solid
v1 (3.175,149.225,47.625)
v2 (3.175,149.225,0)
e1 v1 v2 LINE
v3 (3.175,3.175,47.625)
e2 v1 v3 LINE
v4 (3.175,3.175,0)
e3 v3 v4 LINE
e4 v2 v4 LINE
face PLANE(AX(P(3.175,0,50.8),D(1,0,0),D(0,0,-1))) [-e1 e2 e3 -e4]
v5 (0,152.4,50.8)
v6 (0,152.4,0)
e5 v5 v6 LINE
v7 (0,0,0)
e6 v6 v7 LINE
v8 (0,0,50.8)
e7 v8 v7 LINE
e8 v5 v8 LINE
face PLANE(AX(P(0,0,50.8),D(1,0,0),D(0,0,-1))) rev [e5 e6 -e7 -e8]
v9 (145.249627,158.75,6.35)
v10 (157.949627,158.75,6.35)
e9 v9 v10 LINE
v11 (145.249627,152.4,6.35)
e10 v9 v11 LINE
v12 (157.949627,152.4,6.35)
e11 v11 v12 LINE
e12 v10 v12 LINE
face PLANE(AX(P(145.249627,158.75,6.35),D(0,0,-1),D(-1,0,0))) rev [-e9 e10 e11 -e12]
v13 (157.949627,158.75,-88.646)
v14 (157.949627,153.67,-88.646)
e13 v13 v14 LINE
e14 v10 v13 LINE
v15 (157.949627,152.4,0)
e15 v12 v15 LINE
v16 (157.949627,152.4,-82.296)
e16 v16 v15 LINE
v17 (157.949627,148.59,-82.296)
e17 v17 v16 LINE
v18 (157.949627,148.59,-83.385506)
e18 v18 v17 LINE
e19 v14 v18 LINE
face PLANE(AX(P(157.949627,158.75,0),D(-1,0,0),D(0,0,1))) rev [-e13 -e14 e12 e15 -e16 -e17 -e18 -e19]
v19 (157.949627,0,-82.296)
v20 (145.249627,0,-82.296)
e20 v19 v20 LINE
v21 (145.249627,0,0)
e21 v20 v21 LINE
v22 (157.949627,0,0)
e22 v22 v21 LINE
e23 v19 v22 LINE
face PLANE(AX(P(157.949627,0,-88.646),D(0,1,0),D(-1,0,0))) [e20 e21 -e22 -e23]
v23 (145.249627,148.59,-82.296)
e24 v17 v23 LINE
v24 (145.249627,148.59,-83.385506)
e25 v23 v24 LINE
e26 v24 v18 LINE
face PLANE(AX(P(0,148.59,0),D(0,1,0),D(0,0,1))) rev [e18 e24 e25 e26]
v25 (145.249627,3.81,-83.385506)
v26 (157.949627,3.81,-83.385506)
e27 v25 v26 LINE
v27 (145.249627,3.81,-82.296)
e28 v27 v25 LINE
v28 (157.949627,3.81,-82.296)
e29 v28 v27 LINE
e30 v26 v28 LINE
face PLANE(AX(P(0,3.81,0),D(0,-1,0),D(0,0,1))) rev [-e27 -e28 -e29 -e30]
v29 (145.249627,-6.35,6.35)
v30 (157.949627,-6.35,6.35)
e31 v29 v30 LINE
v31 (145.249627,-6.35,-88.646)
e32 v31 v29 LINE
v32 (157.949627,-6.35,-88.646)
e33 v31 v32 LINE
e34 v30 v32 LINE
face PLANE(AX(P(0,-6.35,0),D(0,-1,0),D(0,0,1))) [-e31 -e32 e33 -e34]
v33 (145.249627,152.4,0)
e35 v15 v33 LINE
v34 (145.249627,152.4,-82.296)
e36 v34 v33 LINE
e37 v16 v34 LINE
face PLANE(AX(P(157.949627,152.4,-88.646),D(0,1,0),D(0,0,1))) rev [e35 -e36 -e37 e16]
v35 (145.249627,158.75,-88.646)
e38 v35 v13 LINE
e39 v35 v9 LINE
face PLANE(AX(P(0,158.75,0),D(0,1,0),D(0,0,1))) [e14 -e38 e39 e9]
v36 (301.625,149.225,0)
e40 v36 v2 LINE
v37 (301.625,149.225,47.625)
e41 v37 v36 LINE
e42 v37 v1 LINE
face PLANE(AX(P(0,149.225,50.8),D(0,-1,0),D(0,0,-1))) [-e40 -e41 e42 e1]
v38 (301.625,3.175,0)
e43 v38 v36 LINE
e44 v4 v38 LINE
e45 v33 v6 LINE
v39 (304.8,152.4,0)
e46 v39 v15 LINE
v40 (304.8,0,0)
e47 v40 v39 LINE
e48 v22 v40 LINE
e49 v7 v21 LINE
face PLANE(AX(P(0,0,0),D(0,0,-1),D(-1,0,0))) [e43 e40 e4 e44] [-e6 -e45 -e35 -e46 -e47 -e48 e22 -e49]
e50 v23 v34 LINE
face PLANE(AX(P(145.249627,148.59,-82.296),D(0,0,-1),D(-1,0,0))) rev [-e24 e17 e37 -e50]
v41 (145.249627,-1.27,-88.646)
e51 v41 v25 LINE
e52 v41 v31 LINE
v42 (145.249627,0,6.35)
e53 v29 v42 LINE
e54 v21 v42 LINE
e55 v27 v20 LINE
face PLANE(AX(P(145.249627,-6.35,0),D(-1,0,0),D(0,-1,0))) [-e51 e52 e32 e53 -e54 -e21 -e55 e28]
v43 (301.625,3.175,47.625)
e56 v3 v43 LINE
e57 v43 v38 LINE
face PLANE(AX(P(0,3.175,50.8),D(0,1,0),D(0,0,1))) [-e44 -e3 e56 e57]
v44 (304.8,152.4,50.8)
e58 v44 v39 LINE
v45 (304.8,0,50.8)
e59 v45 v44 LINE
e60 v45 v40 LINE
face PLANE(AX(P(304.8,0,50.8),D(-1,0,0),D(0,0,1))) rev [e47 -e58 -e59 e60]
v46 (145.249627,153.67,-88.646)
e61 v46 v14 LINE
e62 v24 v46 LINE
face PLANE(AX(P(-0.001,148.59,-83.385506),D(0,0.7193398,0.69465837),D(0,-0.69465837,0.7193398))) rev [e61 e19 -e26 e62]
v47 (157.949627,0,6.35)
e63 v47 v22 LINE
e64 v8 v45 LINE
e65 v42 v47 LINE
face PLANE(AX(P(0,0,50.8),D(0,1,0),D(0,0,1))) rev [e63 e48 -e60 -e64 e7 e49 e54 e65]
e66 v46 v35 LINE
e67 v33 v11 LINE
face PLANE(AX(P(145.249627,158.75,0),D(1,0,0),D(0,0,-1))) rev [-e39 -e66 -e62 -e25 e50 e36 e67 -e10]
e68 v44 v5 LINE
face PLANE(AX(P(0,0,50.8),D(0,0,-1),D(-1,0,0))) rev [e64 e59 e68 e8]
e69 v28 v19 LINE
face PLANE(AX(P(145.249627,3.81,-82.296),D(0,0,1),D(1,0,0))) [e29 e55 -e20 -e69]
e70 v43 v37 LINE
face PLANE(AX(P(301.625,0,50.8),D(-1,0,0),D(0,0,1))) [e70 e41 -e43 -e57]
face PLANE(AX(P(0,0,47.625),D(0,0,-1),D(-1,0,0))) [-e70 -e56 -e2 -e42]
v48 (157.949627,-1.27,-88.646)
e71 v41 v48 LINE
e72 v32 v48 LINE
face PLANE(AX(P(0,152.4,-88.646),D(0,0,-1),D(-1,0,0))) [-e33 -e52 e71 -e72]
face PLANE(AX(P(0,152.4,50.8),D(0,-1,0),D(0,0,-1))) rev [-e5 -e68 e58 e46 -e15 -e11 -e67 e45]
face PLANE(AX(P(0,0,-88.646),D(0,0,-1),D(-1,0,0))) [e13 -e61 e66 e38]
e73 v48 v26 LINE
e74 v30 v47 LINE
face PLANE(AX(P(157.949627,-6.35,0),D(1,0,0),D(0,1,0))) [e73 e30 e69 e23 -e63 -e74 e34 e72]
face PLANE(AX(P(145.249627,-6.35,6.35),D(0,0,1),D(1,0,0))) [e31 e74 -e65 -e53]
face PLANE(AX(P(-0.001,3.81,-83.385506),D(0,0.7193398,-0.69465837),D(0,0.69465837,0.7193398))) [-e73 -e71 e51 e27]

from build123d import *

# Parameters (mm, degrees)
SKETCH1_W           = 304.8
SKETCH1_H           = 152.4
BOSS_EXTRUDE1_DEPTH = 50.8
SHELL1_T            = -3.175
SKETCH3_W           = 12.7
SKETCH3_H           = 6.35
BOSS_EXTRUDE2_DEPTH = 6.35
SKETCH4_W           = 12.7
SKETCH4_H           = 6.35
BOSS_EXTRUDE3_DEPTH = 88.646
SKETCH5_W           = 12.7
SKETCH5_H           = 6.35
BOSS_EXTRUDE4_DEPTH = 3.81
CUT_EXTRUDE1_REACH  = 242.848


with BuildPart() as part:
    # Sketch1 → Boss-Extrude1 (new body)
    with BuildSketch(Plane.XY):
        with Locations((152.4, 76.2)):
            Rectangle(SKETCH1_W, SKETCH1_H)
    extrude(amount=BOSS_EXTRUDE1_DEPTH)

    # Shell1
    shell1_openings = [part.faces().sort_by_distance(p)[0] for p in [
        (152.4, 76.2, 0),
    ]]
    offset(amount=SHELL1_T, openings=shell1_openings, kind=Kind.INTERSECTION)

    # Sketch3 → Boss-Extrude2 (add)
    with BuildSketch(Plane(origin=(0, 152.4, 0), x_dir=(1, 0, 0), z_dir=(0, 1, 0))):
        with Locations((151.599627363, -3.175)):
            Rectangle(SKETCH3_W, SKETCH3_H)
    boss_extrude2 = extrude(amount=BOSS_EXTRUDE2_DEPTH)

    # Sketch4 → Boss-Extrude3 (add)
    with BuildSketch(Plane(origin=(0, 0, 0), x_dir=(-1, 0, 0), z_dir=(0, 0, -1))):
        with Locations((-151.599627363, 155.575)):
            Rectangle(SKETCH4_W, SKETCH4_H)
    boss_extrude3 = extrude(amount=BOSS_EXTRUDE3_DEPTH)

    # Sketch5 → Boss-Extrude4 (add)
    with BuildSketch(Plane.XZ.offset(-152.4)):
        with Locations((151.599627363, -85.471)):
            Rectangle(SKETCH5_W, SKETCH5_H)
    boss_extrude4 = extrude(amount=BOSS_EXTRUDE4_DEPTH)

    # Sketch6 → Cut-Extrude1 (cut, up to next)
    with BuildSketch(Plane(origin=(157.949627363, 0, 0), x_dir=(0, 0, -1), z_dir=(1, 0, 0)), mode=Mode.PRIVATE) as cut_extrude1_sk1:
        Polygon((83.385506006, 148.59), (88.646, 153.67), (88.646, 148.59), align=None)
    cut_extrude1_tool1 = extrude(cut_extrude1_sk1.sketch, amount=-CUT_EXTRUDE1_REACH, mode=Mode.PRIVATE) & part.part
    cut_extrude1 = cut_extrude1_tool1.solids().sort_by_distance((157.949627, 150.283333, -86.892502))[0]
    add(cut_extrude1, mode=Mode.SUBTRACT)

    # Mirror1: Boss-Extrude2, Boss-Extrude3, Boss-Extrude4, Cut-Extrude1 across plane
    add(boss_extrude2.mirror(Plane(origin=(0, 76.2, 0), x_dir=(0, 0, 1), z_dir=(0, -1, 0))))
    add(boss_extrude3.mirror(Plane(origin=(0, 76.2, 0), x_dir=(0, 0, 1), z_dir=(0, -1, 0))))
    add(boss_extrude4.mirror(Plane(origin=(0, 76.2, 0), x_dir=(0, 0, 1), z_dir=(0, -1, 0))))
    add(cut_extrude1.mirror(Plane(origin=(0, 76.2, 0), x_dir=(0, 0, 1), z_dir=(0, -1, 0))), mode=Mode.SUBTRACT)


solid = part.part
